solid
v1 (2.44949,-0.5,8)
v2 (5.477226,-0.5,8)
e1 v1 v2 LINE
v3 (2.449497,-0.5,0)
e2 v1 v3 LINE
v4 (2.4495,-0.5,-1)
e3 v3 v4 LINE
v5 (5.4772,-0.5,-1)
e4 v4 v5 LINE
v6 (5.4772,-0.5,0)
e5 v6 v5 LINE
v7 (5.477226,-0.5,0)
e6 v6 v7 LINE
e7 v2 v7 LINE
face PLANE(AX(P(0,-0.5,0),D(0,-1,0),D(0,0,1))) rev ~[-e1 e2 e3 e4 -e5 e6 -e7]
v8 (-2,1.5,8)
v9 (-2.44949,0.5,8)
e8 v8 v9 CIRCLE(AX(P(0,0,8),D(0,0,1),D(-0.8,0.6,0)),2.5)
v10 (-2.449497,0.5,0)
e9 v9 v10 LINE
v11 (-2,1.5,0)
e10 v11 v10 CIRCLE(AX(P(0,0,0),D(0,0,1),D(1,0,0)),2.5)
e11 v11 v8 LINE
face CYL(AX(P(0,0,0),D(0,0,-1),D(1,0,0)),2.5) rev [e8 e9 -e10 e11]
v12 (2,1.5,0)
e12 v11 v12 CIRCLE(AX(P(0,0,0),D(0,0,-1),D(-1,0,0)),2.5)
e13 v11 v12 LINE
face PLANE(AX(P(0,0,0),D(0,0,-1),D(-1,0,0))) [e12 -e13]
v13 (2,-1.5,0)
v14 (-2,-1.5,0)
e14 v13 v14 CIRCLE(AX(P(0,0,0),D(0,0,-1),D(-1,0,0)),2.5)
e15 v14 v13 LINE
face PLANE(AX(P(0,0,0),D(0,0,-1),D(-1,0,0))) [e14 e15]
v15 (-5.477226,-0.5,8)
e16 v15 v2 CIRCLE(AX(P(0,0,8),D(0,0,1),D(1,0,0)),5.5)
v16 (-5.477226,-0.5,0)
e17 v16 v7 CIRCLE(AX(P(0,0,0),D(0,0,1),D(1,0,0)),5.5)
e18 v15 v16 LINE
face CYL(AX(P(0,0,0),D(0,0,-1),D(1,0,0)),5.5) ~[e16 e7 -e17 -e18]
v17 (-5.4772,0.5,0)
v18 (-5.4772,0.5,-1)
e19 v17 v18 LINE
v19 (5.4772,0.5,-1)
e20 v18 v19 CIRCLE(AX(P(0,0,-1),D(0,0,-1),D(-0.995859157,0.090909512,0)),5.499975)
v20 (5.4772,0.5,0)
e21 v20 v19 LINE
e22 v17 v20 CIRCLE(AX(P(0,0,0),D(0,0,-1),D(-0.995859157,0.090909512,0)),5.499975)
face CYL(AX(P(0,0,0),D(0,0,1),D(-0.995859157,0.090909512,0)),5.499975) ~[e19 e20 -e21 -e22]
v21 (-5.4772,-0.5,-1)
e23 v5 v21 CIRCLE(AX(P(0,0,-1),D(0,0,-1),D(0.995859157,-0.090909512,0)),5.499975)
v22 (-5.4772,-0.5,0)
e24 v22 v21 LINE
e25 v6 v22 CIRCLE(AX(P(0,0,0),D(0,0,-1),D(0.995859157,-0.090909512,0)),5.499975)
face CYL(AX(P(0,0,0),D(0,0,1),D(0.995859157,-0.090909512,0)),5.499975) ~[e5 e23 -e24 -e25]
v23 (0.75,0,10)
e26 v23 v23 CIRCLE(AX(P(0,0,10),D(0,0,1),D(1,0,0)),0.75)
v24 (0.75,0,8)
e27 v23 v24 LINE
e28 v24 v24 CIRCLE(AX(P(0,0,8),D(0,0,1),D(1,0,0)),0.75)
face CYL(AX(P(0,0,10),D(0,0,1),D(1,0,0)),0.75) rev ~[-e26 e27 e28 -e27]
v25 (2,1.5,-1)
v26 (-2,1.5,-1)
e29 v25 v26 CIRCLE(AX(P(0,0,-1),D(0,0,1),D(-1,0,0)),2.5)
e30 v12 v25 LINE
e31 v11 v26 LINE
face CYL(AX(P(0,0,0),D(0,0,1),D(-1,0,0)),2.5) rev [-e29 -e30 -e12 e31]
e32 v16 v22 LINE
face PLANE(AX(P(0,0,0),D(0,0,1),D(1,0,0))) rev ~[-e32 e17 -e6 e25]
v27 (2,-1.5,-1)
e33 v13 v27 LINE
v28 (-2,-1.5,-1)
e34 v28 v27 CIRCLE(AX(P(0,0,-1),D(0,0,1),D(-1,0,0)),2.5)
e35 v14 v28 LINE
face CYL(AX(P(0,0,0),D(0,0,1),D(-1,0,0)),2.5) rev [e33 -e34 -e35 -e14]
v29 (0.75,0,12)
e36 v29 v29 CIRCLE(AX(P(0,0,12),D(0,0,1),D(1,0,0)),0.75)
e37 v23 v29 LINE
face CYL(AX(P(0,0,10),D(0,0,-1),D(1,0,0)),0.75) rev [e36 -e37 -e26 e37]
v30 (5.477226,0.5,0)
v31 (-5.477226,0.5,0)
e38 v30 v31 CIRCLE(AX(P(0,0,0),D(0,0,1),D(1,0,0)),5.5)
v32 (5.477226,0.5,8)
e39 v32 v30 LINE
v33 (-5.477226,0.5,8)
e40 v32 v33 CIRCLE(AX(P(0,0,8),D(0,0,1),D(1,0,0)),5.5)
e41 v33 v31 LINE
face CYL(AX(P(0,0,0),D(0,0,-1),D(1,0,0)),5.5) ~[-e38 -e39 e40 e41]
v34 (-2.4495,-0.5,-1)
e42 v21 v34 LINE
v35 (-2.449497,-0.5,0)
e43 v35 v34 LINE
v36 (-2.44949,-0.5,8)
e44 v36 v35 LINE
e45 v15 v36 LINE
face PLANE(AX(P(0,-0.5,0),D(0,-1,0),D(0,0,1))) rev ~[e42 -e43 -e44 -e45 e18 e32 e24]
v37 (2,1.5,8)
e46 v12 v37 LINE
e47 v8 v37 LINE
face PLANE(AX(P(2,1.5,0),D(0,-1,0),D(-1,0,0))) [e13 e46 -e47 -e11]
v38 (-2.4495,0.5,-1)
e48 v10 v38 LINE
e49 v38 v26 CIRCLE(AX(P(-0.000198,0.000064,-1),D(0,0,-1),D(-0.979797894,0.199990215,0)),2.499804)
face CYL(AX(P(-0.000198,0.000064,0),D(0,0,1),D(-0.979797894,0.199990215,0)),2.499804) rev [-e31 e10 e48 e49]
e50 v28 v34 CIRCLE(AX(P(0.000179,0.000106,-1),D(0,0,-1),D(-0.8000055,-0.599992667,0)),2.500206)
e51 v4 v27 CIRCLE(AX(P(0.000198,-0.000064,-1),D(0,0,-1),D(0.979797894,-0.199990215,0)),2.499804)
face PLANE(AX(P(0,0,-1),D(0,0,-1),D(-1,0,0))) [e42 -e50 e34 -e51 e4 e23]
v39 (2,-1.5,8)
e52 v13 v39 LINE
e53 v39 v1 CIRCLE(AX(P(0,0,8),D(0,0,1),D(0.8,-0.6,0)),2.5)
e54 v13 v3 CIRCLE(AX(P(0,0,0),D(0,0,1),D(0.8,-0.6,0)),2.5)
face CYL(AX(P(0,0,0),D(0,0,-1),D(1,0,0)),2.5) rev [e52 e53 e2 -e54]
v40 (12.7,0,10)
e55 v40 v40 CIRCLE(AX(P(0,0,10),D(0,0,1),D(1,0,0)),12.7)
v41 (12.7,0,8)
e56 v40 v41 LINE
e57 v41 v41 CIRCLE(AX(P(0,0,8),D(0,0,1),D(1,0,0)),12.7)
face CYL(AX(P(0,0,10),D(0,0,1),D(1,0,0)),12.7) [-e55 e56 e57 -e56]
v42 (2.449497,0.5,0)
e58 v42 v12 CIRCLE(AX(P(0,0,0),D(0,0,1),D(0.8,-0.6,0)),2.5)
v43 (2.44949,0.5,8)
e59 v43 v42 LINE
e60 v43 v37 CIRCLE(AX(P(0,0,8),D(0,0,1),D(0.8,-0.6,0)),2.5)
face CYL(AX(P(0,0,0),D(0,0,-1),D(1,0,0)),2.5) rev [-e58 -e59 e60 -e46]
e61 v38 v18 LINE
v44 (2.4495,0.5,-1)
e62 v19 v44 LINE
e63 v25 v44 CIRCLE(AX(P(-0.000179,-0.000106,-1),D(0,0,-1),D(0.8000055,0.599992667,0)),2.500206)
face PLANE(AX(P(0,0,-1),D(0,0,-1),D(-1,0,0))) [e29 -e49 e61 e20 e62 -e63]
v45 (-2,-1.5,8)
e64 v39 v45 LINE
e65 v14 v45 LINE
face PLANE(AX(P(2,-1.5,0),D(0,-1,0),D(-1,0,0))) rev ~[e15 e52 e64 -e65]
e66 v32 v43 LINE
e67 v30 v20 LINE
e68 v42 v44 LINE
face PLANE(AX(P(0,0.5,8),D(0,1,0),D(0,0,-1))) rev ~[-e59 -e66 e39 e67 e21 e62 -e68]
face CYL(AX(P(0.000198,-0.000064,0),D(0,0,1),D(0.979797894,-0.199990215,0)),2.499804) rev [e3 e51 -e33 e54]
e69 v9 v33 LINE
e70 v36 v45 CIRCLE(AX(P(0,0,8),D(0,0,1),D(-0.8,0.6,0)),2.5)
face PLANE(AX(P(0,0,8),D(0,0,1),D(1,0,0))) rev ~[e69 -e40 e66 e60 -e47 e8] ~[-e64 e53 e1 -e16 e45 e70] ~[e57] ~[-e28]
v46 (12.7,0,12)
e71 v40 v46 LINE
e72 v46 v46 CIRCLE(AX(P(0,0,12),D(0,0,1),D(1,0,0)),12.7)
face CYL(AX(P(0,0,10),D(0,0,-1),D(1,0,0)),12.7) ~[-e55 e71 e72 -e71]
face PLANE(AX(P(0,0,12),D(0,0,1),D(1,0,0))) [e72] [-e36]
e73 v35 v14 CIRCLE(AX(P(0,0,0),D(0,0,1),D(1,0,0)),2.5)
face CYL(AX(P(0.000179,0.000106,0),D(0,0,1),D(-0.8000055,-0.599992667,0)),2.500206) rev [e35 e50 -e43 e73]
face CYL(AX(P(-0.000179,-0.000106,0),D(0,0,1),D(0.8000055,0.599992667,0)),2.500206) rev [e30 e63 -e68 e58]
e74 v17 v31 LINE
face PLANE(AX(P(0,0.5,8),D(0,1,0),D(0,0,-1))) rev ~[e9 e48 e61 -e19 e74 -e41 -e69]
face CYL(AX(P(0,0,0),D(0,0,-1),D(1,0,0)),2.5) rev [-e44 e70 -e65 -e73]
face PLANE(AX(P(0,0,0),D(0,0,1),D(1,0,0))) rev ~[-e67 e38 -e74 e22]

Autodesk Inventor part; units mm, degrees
ref_plane "YZ Plane" through (0, 0, 0) normal (1, 0, 0) x (0, 1, 0)
ref_plane "XZ Plane" through (0, 0, 0) normal (0, 1, 0) x (-1, 0, 0)
ref_plane "XY Plane" through (0, 0, 0) normal (0, 0, 1) x (1, 0, 0)
sketch "Sketch1" plane through (0, 0, 0) normal (0, 0, 1) x (1, 0, 0)
  circle A0 centre (0, 0) radius 2.5
  circle A1 centre (0, 0) radius 5.5
  dimension "d0" = 5
  dimension "d1" = 3
extrude "Extrusion1" add sketch "Sketch1" along normal blind 10
sketch "Sketch2" plane through (0, 0, 0) normal (0, 0, -1) x (-1, 0, 0)
  circle A0 centre (0, 0) radius 2.5 construction
  circle A1 centre (0, 0) radius 5.5 construction
  line L0 (-2, 1.5) -> (2, 1.5)
  circle A2 centre (0, 0) radius 2.5 construction
  line L1 (-2, -1.5) -> (2, -1.5)
  arc A3 (-2, 1.5) -> (-2, -1.5) centre (0, 0) ccw
  arc A4 (2, 1.5) -> (-2, 1.5) centre (0, 0) ccw
  arc A5 (2, -1.5) -> (2, 1.5) centre (0, 0) ccw
  arc A6 (-2, -1.5) -> (2, -1.5) centre (0, 0) ccw
  dimension "d4" = 3
extrude "Extrusion2" add sketch "Sketch2" against normal blind 10 contours A4 L0 | L1 A6
sketch "Sketch3" plane through (0, 0, 0) normal (1, 0, 0) x (0, 1, 0)
  line L0 (-1.5, 0) -> (1.5, 0) construction
  line L1 (1.5, 0) -> (-1.5, 0) construction
  line L2 (-5.5, 0) -> (5.5, 0) construction
  line L3 (1.5, 10) -> (-1.5, 10) construction
  line L4 (-1.5, 10) -> (1.5, 10) construction
  line L5 (5.5, 10) -> (-5.5, 10) construction
  line L6 (-0.5, 8) -> (0.5, 8)
  line L7 (0.5, 8) -> (0.5, 0)
  line L8 (0.5, 0) -> (-0.5, 0)
  line L9 (-0.5, 0) -> (-0.5, 8)
  point P0 (0, 0)
  point P1 (0, 10)
  point P2 (0, 8)
  dimension "d7" = 8
  dimension "d8" = 1
extrude "Extrusion3" cut sketch "Sketch3" along normal through all both and the other way through all
sketch "Sketch4" plane through (0, 0, 10) normal (0, 0, 1) x (1, 0, 0)
  arc A0 (2, -1.5) -> (2, 1.5) centre (0, 0) ccw projected
  line L0 (2, -1.5) -> (-2, -1.5) projected
  arc A1 (-2, 1.5) -> (-2, -1.5) centre (0, 0) ccw projected
  line L1 (-2, 1.5) -> (2, 1.5) projected
  circle A2 centre (0, 0) radius 5.5 projected
extrude "Extrusion4" add sketch "Sketch4" against normal blind 2 contours L0 A1 L1 A0
sketch "Sketch5" plane through (0, 0, 10) normal (0, 0, 1) x (1, 0, 0)
  circle A0 centre (0, 0) radius 5.5 projected
  circle A1 centre (0, 0) radius 12.7
  dimension "d13" = 25.4
extrude "Extrusion5" add sketch "Sketch5" against normal blind 2
sketch "Sketch6" plane through (0, 0, 0) normal (0, 0, -1) x (-1, 0, 0)
  line L0 (5.4772, -0.5) -> (2.4495, -0.5) projected
  arc A0 (2, -1.5) -> (2.4495, -0.5) centre (0, 0) ccw projected
  line L1 (2, -1.5) -> (-2, -1.5) projected
  arc A1 (-2.4495, -0.5) -> (-2, -1.5) centre (0, 0) ccw projected
  line L2 (-2.4495, -0.5) -> (-5.4772, -0.5) projected
  arc A2 (-5.4772, -0.5) -> (5.4772, -0.5) centre (0, 0) ccw projected
  line L3 (2.4495, 0.5) -> (5.4772, 0.5) projected
  arc A3 (5.4772, 0.5) -> (-5.4772, 0.5) centre (0, 0) ccw projected
  line L4 (-5.4772, 0.5) -> (-2.4495, 0.5) projected
  arc A4 (-2, 1.5) -> (-2.4495, 0.5) centre (0, 0) ccw projected
  line L5 (-2, 1.5) -> (2, 1.5) projected
  arc A5 (2.4495, 0.5) -> (2, 1.5) centre (0, 0) ccw projected
  circle A6 centre (0, 0) radius 2.5
extrude "Extrusion6" add sketch "Sketch6" along normal blind 1 contours A2 L2 A1 A6 A0 L0 | A6 L1 | A5 A6 A4 L4 A3 L3 | L5 A6
extrude "Extrusion7" cut sketch "Sketch6" along normal through all contours A0 L1 A1 A6 A4 L5 A5 | A6 L1 | L5 A6
sketch "Sketch7" plane through (0, 0, 10) normal (0, 0, 1) x (1, 0, 0)
  circle A0 centre (0, 0) radius 0.75
  dimension "d20" = 1.5
extrude "Extrusion8" cut sketch "Sketch7" against normal through all
sketch "Sketch8" plane through (0, 0, 10) normal (0, 0, 1) x (1, 0, 0)
  circle A0 centre (0, 0) radius 0.75 projected
  circle A1 centre (0, 0) radius 12.7 projected
extrude "Extrusion9" add sketch "Sketch8" along normal blind 2
properties part number "turntable"
